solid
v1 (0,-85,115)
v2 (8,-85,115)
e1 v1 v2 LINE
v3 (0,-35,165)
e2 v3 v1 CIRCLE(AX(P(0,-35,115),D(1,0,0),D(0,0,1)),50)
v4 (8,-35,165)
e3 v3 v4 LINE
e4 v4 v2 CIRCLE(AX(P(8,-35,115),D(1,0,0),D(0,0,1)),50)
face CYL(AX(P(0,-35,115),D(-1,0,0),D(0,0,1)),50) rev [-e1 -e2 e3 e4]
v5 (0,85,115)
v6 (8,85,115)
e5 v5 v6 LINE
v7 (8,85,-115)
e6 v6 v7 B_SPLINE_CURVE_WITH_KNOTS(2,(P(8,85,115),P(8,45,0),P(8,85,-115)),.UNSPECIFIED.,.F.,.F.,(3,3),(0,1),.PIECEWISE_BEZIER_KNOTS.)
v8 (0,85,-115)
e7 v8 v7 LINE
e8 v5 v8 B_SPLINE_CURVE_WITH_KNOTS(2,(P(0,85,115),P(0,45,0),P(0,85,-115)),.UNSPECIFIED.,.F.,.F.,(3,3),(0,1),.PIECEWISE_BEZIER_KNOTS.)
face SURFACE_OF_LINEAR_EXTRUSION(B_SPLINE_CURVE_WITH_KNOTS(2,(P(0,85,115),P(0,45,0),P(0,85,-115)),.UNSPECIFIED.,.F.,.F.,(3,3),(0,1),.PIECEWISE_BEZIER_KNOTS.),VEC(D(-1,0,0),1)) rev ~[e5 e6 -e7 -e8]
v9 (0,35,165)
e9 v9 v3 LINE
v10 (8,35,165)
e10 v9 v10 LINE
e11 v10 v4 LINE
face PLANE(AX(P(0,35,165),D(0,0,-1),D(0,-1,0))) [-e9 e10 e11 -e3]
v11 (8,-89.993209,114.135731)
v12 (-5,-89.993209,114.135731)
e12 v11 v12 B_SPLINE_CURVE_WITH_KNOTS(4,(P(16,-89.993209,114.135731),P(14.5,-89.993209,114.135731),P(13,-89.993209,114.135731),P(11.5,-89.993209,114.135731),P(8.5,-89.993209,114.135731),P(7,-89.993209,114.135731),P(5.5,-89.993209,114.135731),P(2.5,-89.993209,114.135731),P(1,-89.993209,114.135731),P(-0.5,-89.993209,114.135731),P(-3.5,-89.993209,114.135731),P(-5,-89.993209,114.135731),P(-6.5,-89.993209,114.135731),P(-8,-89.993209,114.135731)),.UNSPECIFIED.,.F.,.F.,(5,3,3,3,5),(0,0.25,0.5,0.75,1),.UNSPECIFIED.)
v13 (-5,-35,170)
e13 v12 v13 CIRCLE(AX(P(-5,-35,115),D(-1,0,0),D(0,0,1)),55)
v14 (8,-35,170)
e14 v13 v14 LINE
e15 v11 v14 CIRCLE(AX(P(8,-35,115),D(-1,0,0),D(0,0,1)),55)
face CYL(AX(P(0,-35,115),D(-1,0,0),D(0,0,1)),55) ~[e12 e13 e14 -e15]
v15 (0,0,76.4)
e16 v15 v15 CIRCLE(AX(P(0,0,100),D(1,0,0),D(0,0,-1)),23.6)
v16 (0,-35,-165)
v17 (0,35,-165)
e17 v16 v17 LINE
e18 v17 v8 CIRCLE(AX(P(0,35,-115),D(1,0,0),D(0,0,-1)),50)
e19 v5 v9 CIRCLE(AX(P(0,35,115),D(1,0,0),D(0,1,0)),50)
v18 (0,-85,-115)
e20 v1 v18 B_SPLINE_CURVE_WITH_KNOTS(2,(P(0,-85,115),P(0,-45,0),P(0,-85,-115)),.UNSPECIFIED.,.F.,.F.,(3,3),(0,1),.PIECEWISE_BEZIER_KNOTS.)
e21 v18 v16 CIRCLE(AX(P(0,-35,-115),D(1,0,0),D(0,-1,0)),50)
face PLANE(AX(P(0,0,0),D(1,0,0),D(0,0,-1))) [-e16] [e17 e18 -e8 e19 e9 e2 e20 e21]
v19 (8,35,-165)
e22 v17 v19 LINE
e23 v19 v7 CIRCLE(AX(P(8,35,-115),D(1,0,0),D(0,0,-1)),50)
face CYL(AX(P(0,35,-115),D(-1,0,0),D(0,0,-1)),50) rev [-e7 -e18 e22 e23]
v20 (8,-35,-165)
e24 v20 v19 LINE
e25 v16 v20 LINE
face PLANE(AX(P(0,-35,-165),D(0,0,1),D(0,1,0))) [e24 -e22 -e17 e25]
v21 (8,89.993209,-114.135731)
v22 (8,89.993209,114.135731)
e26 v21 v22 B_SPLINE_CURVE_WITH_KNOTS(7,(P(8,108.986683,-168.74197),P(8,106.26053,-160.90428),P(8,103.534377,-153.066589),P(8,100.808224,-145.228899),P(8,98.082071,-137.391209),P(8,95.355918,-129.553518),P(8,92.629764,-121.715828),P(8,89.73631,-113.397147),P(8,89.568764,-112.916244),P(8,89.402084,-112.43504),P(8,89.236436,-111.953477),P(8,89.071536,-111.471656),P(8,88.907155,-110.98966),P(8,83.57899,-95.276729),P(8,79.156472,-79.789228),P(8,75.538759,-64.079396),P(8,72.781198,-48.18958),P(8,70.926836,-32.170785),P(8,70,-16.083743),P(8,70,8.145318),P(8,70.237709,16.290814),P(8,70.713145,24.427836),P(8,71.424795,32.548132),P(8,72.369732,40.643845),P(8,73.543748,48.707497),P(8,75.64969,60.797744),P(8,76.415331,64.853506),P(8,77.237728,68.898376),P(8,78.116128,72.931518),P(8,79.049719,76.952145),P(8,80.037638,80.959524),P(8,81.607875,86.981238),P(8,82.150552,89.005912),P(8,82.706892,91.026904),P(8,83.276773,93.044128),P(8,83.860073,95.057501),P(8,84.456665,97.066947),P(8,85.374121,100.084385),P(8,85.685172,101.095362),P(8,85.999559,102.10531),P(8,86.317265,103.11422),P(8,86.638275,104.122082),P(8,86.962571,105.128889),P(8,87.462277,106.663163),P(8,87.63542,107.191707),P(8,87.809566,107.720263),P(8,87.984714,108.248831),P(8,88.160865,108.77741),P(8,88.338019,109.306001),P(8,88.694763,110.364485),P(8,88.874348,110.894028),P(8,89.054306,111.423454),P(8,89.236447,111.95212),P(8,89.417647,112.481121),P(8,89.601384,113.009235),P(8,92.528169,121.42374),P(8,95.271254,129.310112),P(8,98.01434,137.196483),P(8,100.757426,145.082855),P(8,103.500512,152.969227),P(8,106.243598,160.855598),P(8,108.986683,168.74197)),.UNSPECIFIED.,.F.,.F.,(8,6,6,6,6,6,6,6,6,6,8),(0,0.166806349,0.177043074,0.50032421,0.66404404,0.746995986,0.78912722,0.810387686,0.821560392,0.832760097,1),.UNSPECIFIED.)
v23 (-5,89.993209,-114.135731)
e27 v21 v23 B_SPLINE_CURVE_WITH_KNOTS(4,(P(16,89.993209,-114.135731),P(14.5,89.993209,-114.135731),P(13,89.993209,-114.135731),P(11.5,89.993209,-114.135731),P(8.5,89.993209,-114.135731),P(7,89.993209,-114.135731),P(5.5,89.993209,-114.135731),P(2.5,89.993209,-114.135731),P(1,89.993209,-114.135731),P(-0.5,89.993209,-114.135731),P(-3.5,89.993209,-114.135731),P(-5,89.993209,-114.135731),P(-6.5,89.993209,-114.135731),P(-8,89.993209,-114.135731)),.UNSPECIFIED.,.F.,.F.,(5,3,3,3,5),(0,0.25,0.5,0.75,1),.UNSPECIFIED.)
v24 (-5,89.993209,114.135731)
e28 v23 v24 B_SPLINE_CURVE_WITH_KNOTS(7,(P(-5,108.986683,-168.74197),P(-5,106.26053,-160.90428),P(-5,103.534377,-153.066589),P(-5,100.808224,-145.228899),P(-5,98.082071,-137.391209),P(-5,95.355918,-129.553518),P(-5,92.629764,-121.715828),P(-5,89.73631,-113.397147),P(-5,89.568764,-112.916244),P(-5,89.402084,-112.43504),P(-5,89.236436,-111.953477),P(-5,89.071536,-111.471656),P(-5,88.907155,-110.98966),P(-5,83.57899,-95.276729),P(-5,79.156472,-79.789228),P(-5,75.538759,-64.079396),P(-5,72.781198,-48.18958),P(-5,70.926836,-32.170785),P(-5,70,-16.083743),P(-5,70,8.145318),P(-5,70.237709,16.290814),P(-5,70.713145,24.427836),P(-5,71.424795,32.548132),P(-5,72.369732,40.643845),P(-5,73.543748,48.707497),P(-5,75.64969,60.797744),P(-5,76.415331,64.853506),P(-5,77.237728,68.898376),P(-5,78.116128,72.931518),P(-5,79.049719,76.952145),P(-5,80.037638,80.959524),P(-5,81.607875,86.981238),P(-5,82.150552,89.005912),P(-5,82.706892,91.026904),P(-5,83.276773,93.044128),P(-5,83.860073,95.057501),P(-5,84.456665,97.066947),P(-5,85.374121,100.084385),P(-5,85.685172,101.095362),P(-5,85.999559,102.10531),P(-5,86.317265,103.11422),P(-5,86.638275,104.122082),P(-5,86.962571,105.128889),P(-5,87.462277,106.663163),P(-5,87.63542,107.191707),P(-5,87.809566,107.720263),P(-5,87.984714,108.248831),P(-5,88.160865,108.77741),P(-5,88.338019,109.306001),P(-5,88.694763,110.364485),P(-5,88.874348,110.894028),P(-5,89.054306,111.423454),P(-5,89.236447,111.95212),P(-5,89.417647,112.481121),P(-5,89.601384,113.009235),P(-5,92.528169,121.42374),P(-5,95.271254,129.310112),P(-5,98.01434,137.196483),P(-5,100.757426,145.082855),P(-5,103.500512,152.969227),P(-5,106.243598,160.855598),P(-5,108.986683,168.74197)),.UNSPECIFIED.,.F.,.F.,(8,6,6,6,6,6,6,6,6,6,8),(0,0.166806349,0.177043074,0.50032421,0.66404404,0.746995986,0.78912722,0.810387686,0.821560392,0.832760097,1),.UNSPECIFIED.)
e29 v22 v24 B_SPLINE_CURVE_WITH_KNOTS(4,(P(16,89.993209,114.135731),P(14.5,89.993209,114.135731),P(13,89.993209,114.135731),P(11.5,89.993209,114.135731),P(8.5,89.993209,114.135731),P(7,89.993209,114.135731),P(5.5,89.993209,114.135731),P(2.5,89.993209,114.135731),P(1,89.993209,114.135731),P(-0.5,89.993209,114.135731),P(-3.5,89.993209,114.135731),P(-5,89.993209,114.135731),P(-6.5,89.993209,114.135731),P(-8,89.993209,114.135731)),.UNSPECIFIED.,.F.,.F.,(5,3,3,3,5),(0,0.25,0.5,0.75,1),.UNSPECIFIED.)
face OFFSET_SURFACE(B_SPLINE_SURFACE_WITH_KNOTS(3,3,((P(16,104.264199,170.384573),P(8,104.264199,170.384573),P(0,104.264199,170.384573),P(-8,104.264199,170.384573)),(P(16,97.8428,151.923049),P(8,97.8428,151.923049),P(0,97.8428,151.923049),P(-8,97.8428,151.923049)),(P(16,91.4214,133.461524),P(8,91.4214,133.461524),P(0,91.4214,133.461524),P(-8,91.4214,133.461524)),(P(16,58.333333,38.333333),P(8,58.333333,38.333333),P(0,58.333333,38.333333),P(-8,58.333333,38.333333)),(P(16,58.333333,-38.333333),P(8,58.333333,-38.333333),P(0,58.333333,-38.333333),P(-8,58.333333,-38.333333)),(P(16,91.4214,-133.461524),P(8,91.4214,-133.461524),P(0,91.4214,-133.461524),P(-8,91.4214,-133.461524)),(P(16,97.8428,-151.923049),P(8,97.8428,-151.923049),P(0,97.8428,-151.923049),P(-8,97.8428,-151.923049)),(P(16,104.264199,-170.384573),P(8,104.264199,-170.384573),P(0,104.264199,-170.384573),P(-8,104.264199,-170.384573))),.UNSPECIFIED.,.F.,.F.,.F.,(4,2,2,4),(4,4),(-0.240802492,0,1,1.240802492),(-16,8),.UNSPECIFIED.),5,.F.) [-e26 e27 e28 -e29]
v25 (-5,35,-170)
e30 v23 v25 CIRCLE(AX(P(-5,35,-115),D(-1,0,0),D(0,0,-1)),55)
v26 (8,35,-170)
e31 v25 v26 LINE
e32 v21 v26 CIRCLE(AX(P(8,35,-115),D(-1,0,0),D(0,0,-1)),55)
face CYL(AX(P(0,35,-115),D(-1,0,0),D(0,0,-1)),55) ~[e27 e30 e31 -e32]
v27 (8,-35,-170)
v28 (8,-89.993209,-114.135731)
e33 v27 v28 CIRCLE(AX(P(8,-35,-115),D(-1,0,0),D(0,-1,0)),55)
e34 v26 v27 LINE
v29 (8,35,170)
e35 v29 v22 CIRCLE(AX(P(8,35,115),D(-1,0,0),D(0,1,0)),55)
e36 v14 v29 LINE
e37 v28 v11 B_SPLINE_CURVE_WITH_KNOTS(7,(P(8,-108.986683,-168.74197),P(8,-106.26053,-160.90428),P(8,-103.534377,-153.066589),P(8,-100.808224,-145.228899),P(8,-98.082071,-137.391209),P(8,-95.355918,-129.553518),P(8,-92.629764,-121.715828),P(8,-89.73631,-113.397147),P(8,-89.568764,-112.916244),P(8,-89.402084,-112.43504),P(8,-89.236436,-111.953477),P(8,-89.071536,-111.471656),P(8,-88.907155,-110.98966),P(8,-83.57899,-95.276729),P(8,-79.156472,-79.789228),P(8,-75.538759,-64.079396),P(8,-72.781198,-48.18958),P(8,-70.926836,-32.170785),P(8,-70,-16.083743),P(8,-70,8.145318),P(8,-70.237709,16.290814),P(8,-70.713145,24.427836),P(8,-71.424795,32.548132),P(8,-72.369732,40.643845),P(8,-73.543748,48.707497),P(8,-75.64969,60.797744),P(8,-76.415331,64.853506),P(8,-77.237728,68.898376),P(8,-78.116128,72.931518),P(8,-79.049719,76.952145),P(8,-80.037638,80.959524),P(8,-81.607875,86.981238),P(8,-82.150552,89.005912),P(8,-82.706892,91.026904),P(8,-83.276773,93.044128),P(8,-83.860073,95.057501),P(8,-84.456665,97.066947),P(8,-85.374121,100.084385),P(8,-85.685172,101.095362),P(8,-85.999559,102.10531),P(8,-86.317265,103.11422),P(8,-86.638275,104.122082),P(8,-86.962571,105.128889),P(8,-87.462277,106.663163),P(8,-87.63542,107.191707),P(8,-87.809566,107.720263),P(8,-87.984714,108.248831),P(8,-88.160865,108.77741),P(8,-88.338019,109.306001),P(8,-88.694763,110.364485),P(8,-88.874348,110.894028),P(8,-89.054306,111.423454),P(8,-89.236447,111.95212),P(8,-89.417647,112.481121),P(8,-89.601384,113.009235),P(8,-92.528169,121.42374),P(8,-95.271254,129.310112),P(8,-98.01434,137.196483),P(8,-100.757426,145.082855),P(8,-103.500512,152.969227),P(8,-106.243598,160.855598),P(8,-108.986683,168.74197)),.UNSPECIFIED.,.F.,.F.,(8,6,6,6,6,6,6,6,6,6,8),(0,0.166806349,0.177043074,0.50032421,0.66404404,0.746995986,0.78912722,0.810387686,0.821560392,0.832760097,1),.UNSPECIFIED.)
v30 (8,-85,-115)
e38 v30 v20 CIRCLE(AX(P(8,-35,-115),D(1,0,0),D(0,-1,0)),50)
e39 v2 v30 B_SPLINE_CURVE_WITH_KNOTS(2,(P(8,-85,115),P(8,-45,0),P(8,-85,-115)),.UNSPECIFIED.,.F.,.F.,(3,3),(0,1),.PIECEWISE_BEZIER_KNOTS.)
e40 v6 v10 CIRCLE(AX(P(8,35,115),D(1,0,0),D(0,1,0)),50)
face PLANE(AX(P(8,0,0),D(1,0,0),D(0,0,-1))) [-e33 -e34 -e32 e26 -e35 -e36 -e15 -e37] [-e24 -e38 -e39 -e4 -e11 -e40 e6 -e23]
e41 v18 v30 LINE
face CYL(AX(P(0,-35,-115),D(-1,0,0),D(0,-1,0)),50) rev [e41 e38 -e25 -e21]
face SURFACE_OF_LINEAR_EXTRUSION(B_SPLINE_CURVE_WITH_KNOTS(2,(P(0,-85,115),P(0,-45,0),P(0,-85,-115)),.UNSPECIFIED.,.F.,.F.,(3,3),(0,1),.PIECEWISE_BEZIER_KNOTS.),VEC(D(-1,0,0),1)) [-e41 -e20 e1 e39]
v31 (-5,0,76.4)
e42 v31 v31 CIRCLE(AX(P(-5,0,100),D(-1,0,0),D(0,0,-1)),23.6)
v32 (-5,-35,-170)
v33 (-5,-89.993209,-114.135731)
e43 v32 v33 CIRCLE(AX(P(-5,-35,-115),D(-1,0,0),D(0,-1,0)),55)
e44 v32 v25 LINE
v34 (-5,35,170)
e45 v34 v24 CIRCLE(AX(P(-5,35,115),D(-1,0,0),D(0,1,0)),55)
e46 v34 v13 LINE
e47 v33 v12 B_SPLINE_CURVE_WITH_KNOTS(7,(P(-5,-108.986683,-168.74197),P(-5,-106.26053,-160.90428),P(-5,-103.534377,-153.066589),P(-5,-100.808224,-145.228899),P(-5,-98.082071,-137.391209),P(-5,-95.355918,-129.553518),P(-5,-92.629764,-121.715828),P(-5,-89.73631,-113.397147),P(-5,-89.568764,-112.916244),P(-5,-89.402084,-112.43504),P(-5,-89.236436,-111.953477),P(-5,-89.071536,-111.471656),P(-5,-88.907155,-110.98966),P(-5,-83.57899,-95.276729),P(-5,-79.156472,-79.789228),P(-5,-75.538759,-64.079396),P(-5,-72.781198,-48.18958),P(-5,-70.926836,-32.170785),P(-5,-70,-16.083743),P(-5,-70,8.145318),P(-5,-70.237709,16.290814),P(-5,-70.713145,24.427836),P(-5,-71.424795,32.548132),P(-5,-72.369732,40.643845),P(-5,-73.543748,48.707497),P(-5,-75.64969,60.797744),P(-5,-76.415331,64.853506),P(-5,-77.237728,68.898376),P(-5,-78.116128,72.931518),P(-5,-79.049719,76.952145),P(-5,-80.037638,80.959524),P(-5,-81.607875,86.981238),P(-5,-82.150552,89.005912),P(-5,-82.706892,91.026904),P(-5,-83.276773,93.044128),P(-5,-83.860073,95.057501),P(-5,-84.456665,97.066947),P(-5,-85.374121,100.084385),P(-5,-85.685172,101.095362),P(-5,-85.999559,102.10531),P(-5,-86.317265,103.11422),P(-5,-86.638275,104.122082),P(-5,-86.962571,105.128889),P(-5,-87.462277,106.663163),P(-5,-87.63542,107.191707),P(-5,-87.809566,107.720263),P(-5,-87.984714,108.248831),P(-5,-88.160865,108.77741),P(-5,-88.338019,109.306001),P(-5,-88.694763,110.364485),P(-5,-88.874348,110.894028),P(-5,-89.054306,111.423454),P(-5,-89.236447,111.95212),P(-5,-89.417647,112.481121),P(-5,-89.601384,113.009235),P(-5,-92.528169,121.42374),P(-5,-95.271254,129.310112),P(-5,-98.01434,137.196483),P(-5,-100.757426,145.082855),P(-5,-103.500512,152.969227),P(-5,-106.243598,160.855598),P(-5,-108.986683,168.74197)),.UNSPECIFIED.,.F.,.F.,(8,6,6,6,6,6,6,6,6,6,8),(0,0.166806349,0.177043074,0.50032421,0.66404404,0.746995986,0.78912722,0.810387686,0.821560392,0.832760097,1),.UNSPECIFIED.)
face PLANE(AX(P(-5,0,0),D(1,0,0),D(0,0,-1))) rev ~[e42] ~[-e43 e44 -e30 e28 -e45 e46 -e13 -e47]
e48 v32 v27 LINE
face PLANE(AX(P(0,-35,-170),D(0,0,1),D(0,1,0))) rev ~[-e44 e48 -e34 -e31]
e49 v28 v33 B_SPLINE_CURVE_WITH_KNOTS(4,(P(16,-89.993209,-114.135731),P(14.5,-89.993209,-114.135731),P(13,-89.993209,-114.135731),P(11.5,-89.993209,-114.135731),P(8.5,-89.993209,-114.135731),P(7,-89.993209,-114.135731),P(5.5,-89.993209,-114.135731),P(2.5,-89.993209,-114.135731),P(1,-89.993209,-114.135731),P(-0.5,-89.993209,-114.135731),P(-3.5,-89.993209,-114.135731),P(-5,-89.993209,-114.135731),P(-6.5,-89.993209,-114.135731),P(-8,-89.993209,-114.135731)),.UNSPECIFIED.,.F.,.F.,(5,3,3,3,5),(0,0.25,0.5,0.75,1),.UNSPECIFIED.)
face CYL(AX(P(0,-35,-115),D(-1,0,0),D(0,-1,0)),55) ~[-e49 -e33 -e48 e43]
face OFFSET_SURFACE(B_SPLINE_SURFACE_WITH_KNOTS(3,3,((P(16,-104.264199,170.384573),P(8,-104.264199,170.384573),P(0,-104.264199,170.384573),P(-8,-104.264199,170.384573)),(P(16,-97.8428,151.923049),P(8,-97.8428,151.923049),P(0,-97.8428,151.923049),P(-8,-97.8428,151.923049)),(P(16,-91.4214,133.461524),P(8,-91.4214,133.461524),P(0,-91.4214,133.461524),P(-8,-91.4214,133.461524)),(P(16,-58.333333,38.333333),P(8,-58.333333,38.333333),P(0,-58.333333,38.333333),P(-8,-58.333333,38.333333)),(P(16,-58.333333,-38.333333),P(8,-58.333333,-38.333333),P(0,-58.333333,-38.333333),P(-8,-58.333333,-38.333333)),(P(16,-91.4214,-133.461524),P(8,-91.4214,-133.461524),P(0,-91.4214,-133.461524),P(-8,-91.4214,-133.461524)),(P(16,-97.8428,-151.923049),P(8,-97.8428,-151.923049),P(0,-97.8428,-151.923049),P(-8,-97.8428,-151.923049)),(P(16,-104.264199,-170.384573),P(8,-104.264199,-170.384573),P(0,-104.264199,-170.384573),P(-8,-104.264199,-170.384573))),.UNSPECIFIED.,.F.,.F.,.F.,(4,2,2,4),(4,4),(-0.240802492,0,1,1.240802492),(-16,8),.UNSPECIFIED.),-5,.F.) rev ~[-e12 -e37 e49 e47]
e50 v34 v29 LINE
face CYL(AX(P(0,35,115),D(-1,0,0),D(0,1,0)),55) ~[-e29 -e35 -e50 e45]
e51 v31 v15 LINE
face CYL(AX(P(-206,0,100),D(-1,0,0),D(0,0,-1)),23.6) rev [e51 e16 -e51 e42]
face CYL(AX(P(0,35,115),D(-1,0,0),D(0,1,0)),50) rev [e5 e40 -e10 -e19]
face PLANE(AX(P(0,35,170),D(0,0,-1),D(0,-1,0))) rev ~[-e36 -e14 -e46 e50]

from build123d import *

# Parameters (mm, degrees)
CROQUIS1_R              = 23.6
SALIENTE_EXTRUIR1_DEPTH = 8
VACIADO1_T              = 5
CORTAR_EXTRUIR1_START   = -214
CROQUIS2_R              = 23.6
CORTAR_EXTRUIR1_DEPTH   = 214


with BuildPart() as part:
    # Croquis1 → Saliente-Extruir1 (new body)
    with BuildSketch(Plane(origin=(0, 0, 0), x_dir=(0, 0, -1), z_dir=(1, 0, 0))):
        with BuildLine():
            Line((165, -35), (165, 35))
            ThreePointArc((165, 35), (150.355339059, 70.355339059), (115, 85))
            add(Edge.make_bspline(
                [(-115, 85), (0, 45), (115, 85)],
                knots=[0, 0, 0, 1, 1, 1], degree=2))
            ThreePointArc((-115, 85), (-150.355339059, 70.355339059), (-165, 35))
            Line((-165, 35), (-165, -35))
            ThreePointArc((-165, -35), (-150.355339059, -70.355339059), (-115, -85))
            add(Edge.make_bspline(
                [(-115, -85), (0, -45), (115, -85)],
                knots=[0, 0, 0, 1, 1, 1], degree=2))
            ThreePointArc((115, -85), (150.355339059, -70.355339059), (165, -35))
        make_face()
        with Locations((-100, 0)):
            Circle(CROQUIS1_R, mode=Mode.SUBTRACT)
    extrude(amount=SALIENTE_EXTRUIR1_DEPTH)

    # Vaciado1
    vaciado1_openings = [part.faces().sort_by_distance(p)[0] for p in [
        (8, 0, -3.797931414),
    ]]
    offset(amount=VACIADO1_T, openings=vaciado1_openings, kind=Kind.INTERSECTION)

    # Croquis2 → Cortar-Extruir1 (cut)
    with BuildSketch(Plane(origin=(8, 0, 0), x_dir=(0, 0, -1), z_dir=(1, 0, 0)).offset(CORTAR_EXTRUIR1_START)):
        with Locations((-100, 0)):
            Circle(CROQUIS2_R)
    extrude(amount=CORTAR_EXTRUIR1_DEPTH, mode=Mode.SUBTRACT)


solid = part.part
